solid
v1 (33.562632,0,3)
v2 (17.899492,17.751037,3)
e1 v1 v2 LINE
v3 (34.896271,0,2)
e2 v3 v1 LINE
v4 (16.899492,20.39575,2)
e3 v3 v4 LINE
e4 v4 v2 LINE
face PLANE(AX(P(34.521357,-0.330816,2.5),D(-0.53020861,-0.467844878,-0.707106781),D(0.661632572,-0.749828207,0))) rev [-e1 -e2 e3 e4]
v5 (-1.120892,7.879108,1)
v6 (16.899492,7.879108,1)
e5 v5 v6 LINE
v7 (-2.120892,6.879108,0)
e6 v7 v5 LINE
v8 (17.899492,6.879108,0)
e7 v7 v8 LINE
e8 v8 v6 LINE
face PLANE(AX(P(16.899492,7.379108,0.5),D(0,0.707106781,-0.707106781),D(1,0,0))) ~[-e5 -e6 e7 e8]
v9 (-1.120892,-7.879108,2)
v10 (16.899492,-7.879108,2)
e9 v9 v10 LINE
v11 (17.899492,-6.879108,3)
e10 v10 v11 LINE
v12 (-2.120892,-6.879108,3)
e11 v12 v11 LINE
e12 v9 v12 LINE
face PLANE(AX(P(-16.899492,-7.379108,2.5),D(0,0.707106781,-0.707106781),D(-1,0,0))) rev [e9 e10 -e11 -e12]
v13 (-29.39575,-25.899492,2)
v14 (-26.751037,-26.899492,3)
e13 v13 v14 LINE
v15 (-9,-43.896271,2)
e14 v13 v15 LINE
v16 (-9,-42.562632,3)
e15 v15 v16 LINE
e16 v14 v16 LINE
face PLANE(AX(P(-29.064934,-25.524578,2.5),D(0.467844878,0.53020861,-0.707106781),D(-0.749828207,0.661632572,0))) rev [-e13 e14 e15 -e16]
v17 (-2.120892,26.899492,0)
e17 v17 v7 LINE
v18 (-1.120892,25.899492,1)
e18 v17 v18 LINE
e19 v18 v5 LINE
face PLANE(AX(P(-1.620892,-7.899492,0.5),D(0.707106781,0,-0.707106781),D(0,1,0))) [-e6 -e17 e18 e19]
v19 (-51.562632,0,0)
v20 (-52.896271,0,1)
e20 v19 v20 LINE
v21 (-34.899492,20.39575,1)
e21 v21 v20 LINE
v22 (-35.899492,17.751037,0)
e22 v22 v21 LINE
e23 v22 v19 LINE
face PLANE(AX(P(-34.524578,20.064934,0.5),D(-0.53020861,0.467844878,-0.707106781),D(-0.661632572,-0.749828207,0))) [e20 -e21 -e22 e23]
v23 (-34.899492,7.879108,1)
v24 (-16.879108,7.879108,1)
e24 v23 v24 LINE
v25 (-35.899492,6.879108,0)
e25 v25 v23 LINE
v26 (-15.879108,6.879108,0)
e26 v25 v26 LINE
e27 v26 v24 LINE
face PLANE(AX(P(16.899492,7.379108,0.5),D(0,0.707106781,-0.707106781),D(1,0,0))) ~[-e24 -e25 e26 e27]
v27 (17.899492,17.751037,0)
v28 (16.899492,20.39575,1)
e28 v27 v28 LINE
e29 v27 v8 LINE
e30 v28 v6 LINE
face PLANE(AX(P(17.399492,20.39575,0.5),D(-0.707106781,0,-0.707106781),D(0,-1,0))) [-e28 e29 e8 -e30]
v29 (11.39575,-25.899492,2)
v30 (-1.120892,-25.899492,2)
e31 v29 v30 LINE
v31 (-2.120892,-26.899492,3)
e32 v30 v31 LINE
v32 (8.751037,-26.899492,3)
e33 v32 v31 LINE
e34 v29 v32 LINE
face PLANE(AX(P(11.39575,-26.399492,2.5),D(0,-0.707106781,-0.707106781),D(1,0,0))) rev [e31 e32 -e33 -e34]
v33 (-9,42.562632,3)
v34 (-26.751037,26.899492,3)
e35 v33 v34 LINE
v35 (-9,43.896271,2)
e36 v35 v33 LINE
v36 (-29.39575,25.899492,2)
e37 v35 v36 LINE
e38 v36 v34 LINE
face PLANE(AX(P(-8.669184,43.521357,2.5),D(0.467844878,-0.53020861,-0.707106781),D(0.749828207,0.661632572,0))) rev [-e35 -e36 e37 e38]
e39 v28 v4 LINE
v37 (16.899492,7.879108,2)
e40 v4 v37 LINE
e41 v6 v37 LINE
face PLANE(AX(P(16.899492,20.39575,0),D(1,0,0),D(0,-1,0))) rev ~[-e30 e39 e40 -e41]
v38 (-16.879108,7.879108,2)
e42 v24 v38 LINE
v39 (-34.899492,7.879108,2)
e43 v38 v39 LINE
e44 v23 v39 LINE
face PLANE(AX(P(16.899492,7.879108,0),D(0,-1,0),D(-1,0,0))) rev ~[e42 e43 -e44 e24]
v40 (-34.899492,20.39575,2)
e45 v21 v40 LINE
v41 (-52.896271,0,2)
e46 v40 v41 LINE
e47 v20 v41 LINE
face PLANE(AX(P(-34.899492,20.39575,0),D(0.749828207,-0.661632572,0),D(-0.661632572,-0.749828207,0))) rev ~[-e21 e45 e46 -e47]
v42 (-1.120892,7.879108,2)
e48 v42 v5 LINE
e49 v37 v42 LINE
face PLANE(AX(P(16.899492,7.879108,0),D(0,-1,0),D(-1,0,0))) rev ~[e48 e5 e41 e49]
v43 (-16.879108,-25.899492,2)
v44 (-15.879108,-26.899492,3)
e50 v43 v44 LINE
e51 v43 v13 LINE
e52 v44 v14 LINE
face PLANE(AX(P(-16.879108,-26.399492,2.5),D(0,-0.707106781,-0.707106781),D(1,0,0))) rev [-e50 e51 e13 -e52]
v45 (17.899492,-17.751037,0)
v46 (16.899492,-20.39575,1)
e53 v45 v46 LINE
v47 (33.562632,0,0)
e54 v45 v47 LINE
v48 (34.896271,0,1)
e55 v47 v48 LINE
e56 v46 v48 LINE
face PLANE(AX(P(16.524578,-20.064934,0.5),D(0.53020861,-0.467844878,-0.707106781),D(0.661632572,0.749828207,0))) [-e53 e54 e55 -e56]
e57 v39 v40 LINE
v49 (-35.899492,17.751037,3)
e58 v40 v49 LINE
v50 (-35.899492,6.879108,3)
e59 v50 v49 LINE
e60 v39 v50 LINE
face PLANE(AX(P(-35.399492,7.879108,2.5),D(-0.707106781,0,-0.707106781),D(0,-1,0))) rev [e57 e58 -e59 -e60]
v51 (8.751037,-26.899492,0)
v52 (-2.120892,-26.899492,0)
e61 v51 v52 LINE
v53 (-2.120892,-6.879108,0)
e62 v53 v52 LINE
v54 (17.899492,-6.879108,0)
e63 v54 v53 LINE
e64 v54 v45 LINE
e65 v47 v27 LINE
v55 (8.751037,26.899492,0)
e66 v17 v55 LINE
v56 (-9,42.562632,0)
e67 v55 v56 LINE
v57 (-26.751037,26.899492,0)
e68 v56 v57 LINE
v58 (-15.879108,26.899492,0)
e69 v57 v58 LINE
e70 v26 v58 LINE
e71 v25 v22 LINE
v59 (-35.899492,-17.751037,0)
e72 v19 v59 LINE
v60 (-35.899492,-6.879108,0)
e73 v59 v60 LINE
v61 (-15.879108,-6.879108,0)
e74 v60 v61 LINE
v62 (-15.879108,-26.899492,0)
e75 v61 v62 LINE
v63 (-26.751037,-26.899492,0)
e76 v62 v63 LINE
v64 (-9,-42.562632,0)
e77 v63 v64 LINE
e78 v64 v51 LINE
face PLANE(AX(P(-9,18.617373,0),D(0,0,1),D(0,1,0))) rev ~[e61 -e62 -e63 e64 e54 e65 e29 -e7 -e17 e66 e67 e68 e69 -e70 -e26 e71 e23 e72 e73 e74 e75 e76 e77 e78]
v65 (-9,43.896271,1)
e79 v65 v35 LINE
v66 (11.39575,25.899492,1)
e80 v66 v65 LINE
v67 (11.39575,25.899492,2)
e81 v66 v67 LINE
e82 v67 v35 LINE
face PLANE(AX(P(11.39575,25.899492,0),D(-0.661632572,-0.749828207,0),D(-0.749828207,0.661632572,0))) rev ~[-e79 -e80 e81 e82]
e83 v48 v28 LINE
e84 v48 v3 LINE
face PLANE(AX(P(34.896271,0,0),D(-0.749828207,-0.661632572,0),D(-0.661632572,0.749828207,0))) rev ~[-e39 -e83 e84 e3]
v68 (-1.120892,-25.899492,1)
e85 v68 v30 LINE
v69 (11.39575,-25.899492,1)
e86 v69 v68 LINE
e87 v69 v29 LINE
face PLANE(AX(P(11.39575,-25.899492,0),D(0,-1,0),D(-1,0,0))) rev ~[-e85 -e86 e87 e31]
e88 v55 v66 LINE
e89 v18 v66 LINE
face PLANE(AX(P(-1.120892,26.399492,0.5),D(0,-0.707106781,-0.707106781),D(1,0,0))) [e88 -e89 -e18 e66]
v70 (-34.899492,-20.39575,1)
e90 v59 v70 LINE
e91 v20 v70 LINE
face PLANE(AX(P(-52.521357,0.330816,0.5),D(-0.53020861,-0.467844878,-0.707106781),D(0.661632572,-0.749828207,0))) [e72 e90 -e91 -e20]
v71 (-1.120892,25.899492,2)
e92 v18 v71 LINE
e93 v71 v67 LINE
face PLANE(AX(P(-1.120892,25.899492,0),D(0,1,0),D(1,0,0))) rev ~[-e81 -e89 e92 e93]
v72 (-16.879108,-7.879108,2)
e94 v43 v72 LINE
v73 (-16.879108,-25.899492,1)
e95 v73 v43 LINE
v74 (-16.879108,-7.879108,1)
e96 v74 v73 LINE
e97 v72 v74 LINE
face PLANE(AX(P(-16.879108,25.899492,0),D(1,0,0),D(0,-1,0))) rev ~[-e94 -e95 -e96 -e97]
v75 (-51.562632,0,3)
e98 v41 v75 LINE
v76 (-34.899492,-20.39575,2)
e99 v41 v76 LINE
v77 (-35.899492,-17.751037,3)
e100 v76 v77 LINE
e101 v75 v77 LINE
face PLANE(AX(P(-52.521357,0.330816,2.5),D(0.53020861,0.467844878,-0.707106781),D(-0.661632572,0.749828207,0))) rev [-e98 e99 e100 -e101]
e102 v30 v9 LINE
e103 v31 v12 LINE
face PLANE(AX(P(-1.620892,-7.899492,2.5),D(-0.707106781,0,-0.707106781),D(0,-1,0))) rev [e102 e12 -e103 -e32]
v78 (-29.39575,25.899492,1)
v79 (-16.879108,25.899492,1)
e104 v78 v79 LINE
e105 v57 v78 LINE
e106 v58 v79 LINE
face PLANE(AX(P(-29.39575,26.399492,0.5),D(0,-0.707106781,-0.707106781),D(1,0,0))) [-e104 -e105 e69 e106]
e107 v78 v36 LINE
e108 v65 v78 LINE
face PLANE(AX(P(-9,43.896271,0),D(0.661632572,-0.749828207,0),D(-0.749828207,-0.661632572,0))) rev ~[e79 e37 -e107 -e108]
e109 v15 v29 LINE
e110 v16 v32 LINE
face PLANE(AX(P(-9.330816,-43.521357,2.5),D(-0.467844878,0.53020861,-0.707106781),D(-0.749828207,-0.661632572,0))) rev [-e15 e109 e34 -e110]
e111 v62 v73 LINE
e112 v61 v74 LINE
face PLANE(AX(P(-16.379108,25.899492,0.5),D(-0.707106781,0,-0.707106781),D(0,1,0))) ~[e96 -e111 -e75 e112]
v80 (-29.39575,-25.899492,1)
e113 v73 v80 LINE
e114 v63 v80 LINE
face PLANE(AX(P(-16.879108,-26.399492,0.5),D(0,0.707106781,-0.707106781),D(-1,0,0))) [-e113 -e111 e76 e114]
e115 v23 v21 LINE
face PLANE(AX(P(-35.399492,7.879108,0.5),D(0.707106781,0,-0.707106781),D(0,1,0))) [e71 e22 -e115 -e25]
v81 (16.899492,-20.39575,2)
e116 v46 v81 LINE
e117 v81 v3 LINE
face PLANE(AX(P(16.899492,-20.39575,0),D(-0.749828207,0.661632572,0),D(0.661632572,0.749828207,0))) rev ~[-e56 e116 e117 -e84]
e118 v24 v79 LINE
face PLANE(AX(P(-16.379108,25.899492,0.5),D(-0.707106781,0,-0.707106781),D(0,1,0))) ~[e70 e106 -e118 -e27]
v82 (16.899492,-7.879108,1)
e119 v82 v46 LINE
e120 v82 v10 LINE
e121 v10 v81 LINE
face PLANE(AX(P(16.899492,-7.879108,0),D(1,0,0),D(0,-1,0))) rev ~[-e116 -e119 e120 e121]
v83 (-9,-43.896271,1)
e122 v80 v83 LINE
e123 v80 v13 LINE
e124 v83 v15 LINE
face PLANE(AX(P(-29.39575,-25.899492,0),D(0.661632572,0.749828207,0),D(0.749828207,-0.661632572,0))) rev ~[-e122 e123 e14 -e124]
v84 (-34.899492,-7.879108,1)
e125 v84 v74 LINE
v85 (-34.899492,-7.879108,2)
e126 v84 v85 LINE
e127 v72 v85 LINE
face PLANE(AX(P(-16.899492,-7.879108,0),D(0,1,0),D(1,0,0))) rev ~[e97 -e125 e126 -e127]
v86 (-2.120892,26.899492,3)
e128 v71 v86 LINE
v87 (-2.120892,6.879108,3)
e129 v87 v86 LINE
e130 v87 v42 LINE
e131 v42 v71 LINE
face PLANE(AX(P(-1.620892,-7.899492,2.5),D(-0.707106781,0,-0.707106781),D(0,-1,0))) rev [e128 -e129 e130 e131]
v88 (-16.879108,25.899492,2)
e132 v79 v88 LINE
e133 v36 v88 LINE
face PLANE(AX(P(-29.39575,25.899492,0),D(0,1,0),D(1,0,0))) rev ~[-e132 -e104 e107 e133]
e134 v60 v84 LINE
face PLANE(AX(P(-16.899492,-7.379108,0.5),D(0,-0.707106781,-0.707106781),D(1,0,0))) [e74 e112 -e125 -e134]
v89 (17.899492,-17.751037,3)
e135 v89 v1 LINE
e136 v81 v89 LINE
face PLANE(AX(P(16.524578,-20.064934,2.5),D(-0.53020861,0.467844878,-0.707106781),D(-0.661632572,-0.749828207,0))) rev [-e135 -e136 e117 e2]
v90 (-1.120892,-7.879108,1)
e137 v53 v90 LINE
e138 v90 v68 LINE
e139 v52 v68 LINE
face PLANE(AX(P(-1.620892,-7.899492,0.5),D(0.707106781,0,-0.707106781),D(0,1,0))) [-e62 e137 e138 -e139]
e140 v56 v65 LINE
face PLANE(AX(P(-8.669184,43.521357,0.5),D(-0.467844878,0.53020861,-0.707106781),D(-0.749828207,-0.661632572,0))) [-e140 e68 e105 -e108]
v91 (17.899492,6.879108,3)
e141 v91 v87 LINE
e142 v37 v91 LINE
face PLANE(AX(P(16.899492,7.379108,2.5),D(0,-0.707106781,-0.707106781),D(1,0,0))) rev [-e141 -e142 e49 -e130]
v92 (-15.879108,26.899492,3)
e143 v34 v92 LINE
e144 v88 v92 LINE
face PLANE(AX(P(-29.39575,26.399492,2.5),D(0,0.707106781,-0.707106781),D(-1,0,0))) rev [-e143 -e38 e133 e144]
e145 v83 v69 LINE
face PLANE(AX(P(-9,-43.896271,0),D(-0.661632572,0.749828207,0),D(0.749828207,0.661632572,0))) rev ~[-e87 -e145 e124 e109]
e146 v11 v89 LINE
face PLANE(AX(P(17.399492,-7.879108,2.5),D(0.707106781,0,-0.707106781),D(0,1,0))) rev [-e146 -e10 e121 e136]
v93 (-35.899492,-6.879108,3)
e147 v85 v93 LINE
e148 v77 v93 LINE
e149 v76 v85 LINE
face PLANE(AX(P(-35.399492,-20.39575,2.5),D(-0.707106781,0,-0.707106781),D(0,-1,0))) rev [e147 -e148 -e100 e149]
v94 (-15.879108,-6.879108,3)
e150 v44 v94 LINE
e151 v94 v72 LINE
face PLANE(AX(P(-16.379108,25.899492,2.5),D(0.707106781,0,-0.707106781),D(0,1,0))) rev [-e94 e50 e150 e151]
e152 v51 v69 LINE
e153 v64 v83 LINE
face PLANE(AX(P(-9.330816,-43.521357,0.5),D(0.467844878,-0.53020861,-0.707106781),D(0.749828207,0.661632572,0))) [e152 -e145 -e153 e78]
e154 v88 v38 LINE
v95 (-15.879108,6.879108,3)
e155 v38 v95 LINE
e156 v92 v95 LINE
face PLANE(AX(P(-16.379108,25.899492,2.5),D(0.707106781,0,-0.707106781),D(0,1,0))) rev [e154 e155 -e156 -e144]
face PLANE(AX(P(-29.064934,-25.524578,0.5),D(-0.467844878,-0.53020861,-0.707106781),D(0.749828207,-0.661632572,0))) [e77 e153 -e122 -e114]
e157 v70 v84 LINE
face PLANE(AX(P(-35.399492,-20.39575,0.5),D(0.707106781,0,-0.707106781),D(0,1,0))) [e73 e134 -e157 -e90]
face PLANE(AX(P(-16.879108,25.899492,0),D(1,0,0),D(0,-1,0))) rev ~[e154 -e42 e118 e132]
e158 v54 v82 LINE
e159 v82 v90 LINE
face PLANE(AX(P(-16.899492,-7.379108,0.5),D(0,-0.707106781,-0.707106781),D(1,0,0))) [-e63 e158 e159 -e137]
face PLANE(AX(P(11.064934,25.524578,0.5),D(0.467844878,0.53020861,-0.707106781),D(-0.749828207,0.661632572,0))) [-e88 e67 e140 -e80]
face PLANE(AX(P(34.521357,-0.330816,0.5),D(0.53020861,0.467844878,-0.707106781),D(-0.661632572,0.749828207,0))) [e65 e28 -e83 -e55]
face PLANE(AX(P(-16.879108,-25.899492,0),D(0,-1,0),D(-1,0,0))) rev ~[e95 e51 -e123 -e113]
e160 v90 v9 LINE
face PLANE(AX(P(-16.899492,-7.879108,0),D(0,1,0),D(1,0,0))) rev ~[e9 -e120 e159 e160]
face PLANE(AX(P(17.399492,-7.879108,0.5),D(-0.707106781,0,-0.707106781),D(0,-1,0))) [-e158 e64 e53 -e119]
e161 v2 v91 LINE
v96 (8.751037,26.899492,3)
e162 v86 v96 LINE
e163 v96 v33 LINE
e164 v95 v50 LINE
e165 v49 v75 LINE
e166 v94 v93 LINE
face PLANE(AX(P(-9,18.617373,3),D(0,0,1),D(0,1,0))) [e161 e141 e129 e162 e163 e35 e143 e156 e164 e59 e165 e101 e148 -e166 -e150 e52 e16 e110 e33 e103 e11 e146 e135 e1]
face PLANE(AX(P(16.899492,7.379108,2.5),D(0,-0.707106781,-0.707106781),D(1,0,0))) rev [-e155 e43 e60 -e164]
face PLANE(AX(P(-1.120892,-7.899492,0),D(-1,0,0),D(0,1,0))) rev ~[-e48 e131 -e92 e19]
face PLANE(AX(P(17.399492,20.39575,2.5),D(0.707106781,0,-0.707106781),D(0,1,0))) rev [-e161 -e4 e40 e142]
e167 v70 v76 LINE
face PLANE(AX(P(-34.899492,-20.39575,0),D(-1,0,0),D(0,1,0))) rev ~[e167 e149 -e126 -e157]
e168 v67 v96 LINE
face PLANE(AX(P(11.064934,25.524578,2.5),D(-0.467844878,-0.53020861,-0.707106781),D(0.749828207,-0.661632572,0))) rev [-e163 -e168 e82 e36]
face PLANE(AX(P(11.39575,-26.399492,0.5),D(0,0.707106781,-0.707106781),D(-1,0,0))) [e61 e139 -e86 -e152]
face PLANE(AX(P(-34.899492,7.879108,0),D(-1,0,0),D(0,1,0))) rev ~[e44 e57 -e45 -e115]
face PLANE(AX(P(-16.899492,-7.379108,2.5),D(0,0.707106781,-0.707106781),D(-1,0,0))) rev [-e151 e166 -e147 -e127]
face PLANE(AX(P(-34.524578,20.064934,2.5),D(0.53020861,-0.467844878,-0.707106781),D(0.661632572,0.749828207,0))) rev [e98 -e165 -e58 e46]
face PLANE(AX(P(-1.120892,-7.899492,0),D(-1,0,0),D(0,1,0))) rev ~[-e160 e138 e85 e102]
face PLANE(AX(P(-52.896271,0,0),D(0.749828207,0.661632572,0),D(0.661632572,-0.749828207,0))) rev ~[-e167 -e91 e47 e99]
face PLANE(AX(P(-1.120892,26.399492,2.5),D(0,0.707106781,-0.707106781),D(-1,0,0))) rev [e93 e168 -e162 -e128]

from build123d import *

# Parameters (mm, degrees)
PAD_DEPTH                = 3
CHAMFER_SIZE             = 1
CHAMFER001_SIZE          = 1
BODY001_PLACEMENT_ANGLE  = 90
CLONE001_PLACEMENT_ANGLE = 90
BODY002_PLACEMENT_ANGLE  = 270
CLONE002_PLACEMENT_ANGLE = 270
BODY003_PLACEMENT_ANGLE  = 180


with BuildPart() as body:
    # Sketch → Pad (new body)
    with BuildSketch(Plane.XY):
        Polygon((-16.899492, 7.879108), (-16.899492, -7.879108), (16.899492, -7.879108), (16.899492, -20.39575), (34.896271, 0), (16.899492, 20.39575), (16.899492, 7.879108), align=None)
    extrude(amount=PAD_DEPTH)

    # Chamfer
    chamfer_edges = [body.edges().sort_by_distance(p)[0] for p in [
        (-16.899492, 0, 3),
        (0, -7.879108, 3),
        (16.899492, -14.137429, 3),
        (25.897881, -10.197875, 3),
        (25.897881, 10.197875, 3),
        (16.899492, 14.137429, 3),
        (0, 7.879108, 3),
    ]]
    chamfer(chamfer_edges, length=CHAMFER_SIZE)

    # Chamfer001
    chamfer001_edges = [body.edges().sort_by_distance(p)[0] for p in [
        (-16.899492, 0, 0),
        (0, -7.879108, 0),
        (16.899492, -14.137429, 0),
        (25.897881, -10.197875, 0),
        (25.897881, 10.197875, 0),
        (16.899492, 14.137429, 0),
        (0, 7.879108, 0),
    ]]
    chamfer(chamfer001_edges, length=CHAMFER001_SIZE)


with BuildPart() as body001:
    # Body001 base: copy of Body
    add(body.part)


with BuildPart() as body001_1:
    # Body001 placement: moved
    add(body001.part.moved(Location((-9, 9, 0))).rotate(Axis((-9, 9, 0), (0, 0, 1)), BODY001_PLACEMENT_ANGLE))


with BuildPart() as body002:
    # Body002 base: copy of Body001
    add(body001_1.part)


with BuildPart() as body002_1:
    # Clone001 placement: moved
    add(body002.part.moved(Location((-9, -9, 0))).rotate(Axis((-9, -9, 0), (0, 0, -1)), CLONE001_PLACEMENT_ANGLE))


with BuildPart() as body002_2:
    # Body002 placement: moved
    add(body002_1.part.moved(Location((-9, -9, 0))).rotate(Axis((-9, -9, 0), (0, 0, 1)), BODY002_PLACEMENT_ANGLE))


with BuildPart() as body003:
    # Body003 base: copy of Body002
    add(body002_2.part)


with BuildPart() as body003_1:
    # Clone002 placement: moved
    add(body003.part.moved(Location((-9, 9, 0))).rotate(Axis((-9, 9, 0), (0, 0, -1)), CLONE002_PLACEMENT_ANGLE))


with BuildPart() as body003_2:
    # Body003 placement: moved
    add(body003_1.part.moved(Location((-18, 0, 0))).rotate(Axis((-18, 0, 0), (0, 0, 1)), BODY003_PLACEMENT_ANGLE))


with BuildPart() as fusion:
    # Fusion base: copy of Body
    add(body.part)

    # Fusion: union Body001, Body002, Body003
    add(body001_1.part)
    add(body002_2.part)
    add(body003_2.part)


solid = fusion.part
